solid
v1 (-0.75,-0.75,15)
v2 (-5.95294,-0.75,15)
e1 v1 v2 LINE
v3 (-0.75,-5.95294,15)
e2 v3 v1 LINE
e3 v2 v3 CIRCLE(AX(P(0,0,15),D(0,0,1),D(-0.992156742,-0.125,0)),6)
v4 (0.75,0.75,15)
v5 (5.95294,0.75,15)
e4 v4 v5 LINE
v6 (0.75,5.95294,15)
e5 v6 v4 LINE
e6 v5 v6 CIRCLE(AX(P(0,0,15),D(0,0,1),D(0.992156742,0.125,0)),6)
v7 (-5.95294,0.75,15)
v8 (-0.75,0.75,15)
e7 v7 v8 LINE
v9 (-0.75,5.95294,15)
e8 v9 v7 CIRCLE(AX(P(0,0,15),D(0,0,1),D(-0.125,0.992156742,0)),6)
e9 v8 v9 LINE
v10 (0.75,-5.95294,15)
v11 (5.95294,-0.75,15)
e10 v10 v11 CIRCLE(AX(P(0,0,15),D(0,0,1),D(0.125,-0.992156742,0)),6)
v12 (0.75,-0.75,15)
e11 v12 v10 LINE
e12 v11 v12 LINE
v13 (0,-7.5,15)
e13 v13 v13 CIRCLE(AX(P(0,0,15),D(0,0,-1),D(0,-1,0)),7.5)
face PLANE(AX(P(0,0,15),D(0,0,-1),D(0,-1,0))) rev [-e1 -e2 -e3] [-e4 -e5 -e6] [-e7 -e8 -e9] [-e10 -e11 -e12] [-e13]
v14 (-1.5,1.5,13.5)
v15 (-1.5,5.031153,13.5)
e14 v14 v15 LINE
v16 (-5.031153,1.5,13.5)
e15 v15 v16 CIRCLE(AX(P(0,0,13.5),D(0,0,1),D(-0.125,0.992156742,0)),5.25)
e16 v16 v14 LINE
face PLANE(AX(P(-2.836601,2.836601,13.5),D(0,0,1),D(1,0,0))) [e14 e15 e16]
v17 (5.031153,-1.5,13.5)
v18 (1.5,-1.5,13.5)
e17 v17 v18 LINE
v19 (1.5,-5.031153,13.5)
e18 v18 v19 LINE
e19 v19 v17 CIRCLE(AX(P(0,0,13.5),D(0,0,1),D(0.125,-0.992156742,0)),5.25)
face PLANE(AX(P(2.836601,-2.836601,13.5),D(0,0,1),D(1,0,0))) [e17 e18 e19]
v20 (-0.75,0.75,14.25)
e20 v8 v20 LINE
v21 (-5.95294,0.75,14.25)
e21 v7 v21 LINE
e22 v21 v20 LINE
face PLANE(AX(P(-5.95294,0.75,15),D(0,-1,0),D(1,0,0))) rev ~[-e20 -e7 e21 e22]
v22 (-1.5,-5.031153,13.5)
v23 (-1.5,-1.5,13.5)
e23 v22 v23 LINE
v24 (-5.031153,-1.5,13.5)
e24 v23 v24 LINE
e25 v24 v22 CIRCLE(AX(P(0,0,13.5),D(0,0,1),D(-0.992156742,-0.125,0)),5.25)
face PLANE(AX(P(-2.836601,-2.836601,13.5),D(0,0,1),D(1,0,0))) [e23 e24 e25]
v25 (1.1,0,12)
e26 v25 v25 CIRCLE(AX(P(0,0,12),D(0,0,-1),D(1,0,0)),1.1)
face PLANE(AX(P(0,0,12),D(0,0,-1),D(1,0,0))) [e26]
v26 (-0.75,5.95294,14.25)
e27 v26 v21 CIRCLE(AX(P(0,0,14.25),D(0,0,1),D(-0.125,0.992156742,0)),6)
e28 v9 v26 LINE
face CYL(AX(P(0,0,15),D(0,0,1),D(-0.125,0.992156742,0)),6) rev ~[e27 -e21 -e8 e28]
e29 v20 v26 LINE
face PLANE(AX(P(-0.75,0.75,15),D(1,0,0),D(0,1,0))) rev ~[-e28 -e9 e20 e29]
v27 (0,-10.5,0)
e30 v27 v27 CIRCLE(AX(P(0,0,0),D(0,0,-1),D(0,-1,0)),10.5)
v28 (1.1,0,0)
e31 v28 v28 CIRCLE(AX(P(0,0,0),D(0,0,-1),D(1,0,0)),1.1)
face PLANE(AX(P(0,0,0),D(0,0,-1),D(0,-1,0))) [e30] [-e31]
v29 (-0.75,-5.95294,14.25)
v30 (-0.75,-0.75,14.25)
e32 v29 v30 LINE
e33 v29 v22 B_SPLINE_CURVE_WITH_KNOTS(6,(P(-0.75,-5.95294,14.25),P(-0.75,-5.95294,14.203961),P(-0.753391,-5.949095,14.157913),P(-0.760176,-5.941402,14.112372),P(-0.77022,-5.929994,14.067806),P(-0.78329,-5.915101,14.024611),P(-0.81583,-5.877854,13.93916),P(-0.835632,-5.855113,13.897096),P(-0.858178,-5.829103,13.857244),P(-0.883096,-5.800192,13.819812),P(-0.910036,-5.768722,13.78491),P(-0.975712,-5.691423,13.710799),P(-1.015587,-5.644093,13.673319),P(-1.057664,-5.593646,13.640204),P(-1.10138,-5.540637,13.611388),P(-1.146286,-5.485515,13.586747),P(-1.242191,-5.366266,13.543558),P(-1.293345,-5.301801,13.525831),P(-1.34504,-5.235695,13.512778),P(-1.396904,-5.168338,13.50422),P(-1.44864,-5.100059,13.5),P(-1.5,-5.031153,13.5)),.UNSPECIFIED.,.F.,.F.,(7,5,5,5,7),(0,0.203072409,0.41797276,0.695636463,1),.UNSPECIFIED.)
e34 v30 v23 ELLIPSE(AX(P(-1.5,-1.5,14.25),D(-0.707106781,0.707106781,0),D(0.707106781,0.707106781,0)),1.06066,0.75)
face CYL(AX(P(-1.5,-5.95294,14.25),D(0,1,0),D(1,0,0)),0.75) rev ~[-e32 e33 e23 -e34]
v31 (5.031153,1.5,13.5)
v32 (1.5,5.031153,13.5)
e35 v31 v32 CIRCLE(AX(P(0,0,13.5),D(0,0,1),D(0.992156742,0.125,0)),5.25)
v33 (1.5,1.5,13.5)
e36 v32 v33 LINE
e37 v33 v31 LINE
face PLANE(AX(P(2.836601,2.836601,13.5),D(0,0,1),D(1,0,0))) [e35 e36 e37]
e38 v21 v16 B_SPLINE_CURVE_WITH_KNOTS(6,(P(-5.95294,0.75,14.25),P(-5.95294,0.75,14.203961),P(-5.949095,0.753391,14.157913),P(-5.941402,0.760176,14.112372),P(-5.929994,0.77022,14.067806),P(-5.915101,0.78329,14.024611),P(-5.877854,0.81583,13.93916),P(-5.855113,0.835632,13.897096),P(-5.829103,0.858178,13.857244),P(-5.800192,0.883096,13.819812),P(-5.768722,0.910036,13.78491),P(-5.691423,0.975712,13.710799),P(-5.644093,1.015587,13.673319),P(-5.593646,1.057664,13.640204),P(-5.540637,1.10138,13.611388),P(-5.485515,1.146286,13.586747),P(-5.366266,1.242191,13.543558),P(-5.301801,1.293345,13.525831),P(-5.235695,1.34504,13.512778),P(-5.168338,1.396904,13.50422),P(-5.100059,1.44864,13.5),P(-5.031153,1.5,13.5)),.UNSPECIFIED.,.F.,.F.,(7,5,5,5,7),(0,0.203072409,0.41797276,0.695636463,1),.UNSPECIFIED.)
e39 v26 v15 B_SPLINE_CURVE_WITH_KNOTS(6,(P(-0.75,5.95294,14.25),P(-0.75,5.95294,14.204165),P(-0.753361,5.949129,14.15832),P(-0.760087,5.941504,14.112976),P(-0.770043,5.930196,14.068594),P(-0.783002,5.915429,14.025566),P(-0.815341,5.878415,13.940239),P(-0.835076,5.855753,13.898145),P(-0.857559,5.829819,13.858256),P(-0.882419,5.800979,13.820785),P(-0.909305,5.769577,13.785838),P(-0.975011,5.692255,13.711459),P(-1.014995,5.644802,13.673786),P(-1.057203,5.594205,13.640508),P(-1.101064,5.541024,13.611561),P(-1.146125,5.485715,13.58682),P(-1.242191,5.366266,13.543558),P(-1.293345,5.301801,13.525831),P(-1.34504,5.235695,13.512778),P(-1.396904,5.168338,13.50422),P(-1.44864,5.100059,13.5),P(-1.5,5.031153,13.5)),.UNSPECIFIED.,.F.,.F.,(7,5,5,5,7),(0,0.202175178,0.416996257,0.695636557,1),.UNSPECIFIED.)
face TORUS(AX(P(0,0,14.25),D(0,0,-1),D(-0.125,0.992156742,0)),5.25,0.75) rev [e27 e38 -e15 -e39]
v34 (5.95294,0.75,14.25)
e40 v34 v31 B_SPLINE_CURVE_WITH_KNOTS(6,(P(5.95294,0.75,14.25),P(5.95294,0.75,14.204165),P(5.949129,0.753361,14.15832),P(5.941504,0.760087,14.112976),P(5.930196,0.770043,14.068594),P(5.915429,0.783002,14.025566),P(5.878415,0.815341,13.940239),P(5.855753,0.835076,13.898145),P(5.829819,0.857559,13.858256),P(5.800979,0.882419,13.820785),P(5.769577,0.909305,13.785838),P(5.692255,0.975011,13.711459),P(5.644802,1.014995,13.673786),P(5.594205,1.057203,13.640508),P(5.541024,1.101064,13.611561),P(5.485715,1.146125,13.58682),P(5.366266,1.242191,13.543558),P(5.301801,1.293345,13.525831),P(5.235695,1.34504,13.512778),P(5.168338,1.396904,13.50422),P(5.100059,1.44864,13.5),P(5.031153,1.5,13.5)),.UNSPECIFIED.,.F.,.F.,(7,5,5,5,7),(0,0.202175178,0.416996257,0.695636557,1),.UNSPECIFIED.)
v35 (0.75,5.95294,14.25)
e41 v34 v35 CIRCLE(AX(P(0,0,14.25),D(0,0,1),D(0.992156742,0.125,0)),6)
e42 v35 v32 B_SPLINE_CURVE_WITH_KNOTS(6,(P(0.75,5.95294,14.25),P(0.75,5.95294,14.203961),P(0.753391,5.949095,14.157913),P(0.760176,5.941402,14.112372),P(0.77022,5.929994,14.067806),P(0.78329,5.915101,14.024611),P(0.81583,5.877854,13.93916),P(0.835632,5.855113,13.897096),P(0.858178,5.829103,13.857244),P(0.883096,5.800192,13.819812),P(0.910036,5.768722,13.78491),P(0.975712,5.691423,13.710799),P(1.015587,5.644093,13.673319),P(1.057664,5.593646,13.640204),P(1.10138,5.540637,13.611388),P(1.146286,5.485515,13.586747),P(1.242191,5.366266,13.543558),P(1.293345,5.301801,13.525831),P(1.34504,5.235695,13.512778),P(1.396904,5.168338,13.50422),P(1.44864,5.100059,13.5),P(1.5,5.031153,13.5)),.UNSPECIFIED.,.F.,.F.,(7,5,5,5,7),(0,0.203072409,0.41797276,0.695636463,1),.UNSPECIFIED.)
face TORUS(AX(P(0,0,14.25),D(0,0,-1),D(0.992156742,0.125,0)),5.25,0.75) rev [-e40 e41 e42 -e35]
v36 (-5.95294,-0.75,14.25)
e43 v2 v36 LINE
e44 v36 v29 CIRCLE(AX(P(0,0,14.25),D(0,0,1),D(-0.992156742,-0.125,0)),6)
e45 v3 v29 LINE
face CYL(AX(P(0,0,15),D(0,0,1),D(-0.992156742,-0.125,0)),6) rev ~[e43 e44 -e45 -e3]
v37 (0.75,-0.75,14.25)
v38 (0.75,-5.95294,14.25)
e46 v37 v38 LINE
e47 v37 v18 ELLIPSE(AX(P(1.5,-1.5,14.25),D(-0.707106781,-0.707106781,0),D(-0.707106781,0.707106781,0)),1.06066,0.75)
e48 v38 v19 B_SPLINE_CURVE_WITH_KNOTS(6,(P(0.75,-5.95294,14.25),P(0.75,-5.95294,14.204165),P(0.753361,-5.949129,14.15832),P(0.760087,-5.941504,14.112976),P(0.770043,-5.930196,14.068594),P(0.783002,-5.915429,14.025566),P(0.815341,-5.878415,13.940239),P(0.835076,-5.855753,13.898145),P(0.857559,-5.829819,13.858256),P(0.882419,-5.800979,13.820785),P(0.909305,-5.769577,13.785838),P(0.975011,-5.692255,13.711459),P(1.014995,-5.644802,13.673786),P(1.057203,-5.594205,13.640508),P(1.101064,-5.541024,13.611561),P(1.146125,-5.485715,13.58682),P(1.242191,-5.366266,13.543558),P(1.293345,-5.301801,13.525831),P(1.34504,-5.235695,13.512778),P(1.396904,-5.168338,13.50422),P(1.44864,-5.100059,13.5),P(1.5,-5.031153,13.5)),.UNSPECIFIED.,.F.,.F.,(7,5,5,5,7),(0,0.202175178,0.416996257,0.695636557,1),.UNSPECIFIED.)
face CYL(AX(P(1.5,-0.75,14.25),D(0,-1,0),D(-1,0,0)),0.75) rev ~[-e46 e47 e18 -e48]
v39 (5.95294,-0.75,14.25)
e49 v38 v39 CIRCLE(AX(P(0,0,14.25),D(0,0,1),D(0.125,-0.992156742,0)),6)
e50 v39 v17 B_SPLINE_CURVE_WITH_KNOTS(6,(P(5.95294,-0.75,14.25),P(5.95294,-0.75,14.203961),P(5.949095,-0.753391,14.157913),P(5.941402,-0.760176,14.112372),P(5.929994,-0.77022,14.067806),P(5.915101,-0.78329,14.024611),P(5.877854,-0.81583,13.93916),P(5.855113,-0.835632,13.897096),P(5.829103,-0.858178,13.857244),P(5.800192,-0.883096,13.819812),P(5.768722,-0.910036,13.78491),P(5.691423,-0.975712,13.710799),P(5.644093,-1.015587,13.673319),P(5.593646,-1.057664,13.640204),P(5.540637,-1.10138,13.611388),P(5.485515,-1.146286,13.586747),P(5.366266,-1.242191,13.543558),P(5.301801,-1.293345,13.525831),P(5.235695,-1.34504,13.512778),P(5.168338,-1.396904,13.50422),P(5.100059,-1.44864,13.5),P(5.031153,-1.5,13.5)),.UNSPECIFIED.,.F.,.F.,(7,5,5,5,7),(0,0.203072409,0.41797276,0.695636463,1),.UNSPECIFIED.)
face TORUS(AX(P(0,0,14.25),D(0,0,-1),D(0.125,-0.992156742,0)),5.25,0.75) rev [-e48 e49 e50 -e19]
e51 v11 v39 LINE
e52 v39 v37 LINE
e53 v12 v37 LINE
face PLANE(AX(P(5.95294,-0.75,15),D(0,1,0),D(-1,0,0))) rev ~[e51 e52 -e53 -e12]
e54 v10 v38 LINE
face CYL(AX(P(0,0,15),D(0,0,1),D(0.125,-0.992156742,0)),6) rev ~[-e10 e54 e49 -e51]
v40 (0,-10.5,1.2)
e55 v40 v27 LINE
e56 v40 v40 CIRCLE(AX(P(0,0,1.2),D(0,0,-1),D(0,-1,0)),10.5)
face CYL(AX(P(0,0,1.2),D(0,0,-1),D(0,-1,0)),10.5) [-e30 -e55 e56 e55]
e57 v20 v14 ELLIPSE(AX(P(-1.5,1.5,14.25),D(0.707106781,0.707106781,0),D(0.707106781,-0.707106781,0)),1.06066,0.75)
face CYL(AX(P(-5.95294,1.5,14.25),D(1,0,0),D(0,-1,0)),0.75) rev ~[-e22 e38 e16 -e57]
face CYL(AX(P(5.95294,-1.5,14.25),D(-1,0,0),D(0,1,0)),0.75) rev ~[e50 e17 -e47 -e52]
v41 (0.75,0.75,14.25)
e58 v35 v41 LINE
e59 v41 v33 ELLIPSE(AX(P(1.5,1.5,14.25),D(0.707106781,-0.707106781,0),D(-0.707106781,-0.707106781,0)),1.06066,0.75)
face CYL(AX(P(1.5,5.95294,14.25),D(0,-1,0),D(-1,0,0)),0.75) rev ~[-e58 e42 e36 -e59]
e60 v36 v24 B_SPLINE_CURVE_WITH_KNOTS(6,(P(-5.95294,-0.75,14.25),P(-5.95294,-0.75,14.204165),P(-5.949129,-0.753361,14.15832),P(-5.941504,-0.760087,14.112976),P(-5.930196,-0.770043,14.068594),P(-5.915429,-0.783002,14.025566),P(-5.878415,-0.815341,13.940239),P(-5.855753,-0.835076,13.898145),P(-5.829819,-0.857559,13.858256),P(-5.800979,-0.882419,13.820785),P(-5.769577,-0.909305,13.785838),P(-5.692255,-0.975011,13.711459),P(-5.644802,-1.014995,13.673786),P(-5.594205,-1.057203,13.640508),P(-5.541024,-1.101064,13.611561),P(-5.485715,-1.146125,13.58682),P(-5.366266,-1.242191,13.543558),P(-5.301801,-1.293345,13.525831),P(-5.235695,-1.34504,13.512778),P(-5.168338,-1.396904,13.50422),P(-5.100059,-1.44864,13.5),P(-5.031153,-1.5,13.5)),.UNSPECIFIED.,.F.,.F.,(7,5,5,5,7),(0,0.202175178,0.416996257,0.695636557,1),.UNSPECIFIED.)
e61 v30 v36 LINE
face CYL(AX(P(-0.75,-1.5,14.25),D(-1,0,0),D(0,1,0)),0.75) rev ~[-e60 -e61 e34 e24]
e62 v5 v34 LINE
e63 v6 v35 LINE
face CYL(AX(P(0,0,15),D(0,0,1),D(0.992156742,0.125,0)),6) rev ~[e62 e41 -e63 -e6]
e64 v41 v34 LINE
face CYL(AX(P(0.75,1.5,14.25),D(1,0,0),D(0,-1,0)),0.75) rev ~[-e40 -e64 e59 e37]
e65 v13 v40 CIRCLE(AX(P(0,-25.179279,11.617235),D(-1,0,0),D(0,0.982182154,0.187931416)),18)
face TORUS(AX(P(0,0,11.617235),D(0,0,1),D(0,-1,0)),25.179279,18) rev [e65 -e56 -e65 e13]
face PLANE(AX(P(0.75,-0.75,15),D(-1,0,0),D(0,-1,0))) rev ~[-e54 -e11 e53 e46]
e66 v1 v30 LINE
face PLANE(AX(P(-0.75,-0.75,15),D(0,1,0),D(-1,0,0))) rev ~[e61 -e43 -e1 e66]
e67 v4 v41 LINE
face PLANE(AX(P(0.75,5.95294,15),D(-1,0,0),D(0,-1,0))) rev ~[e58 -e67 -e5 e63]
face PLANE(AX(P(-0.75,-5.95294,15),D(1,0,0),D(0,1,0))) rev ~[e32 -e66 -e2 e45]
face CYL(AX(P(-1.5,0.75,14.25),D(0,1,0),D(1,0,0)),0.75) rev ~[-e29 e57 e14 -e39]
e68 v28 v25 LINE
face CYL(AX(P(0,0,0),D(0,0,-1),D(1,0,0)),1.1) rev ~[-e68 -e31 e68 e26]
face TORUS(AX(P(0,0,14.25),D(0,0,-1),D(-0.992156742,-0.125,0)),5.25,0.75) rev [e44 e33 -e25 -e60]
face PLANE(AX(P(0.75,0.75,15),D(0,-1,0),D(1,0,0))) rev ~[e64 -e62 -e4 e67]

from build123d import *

# Parameters (mm, degrees)
F3_R     = 1.1
F4_DEPTH = 12
F6_DEPTH = 1.5
F7_R     = 0.75


with BuildPart() as f2:
    # F1 (on Right) → F2 (revolve)
    with BuildSketch(Plane.YZ):
        with BuildLine():
            Line((-10.5, 0), (0, 0))
            Line((0, 0), (0, 15))
            Line((0, 15), (-7.5, 15))
            ThreePointArc((-7.5, 15), (-7.5901042149, 7.7935009163), (-10.5, 1.2))
            Line((-10.5, 1.2), (-10.5, 0))
        make_face()
    revolve(axis=Axis((0, 0, 7.2620462293), (0, 0, -1)))

    # F3 (on face) → F4 (cut)
    with BuildSketch(Plane(origin=(0, 0, 0), x_dir=(1, 0, 0), z_dir=(0, 0, -1))):
        Circle(F3_R)
    extrude(amount=-F4_DEPTH, mode=Mode.SUBTRACT)

    # F5 (on face) → F6 (cut)
    with BuildSketch(Plane.XY.offset(15)):
        with BuildLine():
            Line((-0.75, 0.75), (-0.75, 5.9529404499))
            ThreePointArc((-0.75, 5.9529404499), (-4.2426406871, 4.2426406871), (-5.9529404499, 0.75))
            Line((-5.9529404499, 0.75), (-0.75, 0.75))
        make_face()
        with BuildLine():
            ThreePointArc((5.9529404499, 0.75), (4.2426406871, 4.2426406871), (0.75, 5.9529404499))
            Line((0.75, 5.9529404499), (0.75, 0.75))
            Line((0.75, 0.75), (5.9529404499, 0.75))
        make_face()
        with BuildLine():
            Line((-0.75, -0.75), (-5.9529404499, -0.75))
            ThreePointArc((-5.9529404499, -0.75), (-4.2426406871, -4.2426406871), (-0.75, -5.9529404499))
            Line((-0.75, -5.9529404499), (-0.75, -0.75))
        make_face()
        with BuildLine():
            Line((0.75, -0.75), (0.75, -5.9529404499))
            ThreePointArc((0.75, -5.9529404499), (4.2426406871, -4.2426406871), (5.9529404499, -0.75))
            Line((5.9529404499, -0.75), (0.75, -0.75))
        make_face()
    extrude(amount=-F6_DEPTH, mode=Mode.SUBTRACT)

    # F7
    f7_edges = [f2.edges().sort_by_distance(p)[0] for p in [
        (-3.35147, 0.75, 13.5),
        (-0.75, 3.35147, 13.5),
        (-4.242641, 4.242641, 13.5),
        (4.242641, 4.242641, 13.5),
        (0.75, 3.35147, 13.5),
        (3.35147, 0.75, 13.5),
        (3.35147, -0.75, 13.5),
        (0.75, -3.35147, 13.5),
        (4.242641, -4.242641, 13.5),
        (-0.75, -3.35147, 13.5),
        (-3.35147, -0.75, 13.5),
        (-4.242641, -4.242641, 13.5),
    ]]
    fillet(f7_edges, radius=F7_R)


solid = f2.part
